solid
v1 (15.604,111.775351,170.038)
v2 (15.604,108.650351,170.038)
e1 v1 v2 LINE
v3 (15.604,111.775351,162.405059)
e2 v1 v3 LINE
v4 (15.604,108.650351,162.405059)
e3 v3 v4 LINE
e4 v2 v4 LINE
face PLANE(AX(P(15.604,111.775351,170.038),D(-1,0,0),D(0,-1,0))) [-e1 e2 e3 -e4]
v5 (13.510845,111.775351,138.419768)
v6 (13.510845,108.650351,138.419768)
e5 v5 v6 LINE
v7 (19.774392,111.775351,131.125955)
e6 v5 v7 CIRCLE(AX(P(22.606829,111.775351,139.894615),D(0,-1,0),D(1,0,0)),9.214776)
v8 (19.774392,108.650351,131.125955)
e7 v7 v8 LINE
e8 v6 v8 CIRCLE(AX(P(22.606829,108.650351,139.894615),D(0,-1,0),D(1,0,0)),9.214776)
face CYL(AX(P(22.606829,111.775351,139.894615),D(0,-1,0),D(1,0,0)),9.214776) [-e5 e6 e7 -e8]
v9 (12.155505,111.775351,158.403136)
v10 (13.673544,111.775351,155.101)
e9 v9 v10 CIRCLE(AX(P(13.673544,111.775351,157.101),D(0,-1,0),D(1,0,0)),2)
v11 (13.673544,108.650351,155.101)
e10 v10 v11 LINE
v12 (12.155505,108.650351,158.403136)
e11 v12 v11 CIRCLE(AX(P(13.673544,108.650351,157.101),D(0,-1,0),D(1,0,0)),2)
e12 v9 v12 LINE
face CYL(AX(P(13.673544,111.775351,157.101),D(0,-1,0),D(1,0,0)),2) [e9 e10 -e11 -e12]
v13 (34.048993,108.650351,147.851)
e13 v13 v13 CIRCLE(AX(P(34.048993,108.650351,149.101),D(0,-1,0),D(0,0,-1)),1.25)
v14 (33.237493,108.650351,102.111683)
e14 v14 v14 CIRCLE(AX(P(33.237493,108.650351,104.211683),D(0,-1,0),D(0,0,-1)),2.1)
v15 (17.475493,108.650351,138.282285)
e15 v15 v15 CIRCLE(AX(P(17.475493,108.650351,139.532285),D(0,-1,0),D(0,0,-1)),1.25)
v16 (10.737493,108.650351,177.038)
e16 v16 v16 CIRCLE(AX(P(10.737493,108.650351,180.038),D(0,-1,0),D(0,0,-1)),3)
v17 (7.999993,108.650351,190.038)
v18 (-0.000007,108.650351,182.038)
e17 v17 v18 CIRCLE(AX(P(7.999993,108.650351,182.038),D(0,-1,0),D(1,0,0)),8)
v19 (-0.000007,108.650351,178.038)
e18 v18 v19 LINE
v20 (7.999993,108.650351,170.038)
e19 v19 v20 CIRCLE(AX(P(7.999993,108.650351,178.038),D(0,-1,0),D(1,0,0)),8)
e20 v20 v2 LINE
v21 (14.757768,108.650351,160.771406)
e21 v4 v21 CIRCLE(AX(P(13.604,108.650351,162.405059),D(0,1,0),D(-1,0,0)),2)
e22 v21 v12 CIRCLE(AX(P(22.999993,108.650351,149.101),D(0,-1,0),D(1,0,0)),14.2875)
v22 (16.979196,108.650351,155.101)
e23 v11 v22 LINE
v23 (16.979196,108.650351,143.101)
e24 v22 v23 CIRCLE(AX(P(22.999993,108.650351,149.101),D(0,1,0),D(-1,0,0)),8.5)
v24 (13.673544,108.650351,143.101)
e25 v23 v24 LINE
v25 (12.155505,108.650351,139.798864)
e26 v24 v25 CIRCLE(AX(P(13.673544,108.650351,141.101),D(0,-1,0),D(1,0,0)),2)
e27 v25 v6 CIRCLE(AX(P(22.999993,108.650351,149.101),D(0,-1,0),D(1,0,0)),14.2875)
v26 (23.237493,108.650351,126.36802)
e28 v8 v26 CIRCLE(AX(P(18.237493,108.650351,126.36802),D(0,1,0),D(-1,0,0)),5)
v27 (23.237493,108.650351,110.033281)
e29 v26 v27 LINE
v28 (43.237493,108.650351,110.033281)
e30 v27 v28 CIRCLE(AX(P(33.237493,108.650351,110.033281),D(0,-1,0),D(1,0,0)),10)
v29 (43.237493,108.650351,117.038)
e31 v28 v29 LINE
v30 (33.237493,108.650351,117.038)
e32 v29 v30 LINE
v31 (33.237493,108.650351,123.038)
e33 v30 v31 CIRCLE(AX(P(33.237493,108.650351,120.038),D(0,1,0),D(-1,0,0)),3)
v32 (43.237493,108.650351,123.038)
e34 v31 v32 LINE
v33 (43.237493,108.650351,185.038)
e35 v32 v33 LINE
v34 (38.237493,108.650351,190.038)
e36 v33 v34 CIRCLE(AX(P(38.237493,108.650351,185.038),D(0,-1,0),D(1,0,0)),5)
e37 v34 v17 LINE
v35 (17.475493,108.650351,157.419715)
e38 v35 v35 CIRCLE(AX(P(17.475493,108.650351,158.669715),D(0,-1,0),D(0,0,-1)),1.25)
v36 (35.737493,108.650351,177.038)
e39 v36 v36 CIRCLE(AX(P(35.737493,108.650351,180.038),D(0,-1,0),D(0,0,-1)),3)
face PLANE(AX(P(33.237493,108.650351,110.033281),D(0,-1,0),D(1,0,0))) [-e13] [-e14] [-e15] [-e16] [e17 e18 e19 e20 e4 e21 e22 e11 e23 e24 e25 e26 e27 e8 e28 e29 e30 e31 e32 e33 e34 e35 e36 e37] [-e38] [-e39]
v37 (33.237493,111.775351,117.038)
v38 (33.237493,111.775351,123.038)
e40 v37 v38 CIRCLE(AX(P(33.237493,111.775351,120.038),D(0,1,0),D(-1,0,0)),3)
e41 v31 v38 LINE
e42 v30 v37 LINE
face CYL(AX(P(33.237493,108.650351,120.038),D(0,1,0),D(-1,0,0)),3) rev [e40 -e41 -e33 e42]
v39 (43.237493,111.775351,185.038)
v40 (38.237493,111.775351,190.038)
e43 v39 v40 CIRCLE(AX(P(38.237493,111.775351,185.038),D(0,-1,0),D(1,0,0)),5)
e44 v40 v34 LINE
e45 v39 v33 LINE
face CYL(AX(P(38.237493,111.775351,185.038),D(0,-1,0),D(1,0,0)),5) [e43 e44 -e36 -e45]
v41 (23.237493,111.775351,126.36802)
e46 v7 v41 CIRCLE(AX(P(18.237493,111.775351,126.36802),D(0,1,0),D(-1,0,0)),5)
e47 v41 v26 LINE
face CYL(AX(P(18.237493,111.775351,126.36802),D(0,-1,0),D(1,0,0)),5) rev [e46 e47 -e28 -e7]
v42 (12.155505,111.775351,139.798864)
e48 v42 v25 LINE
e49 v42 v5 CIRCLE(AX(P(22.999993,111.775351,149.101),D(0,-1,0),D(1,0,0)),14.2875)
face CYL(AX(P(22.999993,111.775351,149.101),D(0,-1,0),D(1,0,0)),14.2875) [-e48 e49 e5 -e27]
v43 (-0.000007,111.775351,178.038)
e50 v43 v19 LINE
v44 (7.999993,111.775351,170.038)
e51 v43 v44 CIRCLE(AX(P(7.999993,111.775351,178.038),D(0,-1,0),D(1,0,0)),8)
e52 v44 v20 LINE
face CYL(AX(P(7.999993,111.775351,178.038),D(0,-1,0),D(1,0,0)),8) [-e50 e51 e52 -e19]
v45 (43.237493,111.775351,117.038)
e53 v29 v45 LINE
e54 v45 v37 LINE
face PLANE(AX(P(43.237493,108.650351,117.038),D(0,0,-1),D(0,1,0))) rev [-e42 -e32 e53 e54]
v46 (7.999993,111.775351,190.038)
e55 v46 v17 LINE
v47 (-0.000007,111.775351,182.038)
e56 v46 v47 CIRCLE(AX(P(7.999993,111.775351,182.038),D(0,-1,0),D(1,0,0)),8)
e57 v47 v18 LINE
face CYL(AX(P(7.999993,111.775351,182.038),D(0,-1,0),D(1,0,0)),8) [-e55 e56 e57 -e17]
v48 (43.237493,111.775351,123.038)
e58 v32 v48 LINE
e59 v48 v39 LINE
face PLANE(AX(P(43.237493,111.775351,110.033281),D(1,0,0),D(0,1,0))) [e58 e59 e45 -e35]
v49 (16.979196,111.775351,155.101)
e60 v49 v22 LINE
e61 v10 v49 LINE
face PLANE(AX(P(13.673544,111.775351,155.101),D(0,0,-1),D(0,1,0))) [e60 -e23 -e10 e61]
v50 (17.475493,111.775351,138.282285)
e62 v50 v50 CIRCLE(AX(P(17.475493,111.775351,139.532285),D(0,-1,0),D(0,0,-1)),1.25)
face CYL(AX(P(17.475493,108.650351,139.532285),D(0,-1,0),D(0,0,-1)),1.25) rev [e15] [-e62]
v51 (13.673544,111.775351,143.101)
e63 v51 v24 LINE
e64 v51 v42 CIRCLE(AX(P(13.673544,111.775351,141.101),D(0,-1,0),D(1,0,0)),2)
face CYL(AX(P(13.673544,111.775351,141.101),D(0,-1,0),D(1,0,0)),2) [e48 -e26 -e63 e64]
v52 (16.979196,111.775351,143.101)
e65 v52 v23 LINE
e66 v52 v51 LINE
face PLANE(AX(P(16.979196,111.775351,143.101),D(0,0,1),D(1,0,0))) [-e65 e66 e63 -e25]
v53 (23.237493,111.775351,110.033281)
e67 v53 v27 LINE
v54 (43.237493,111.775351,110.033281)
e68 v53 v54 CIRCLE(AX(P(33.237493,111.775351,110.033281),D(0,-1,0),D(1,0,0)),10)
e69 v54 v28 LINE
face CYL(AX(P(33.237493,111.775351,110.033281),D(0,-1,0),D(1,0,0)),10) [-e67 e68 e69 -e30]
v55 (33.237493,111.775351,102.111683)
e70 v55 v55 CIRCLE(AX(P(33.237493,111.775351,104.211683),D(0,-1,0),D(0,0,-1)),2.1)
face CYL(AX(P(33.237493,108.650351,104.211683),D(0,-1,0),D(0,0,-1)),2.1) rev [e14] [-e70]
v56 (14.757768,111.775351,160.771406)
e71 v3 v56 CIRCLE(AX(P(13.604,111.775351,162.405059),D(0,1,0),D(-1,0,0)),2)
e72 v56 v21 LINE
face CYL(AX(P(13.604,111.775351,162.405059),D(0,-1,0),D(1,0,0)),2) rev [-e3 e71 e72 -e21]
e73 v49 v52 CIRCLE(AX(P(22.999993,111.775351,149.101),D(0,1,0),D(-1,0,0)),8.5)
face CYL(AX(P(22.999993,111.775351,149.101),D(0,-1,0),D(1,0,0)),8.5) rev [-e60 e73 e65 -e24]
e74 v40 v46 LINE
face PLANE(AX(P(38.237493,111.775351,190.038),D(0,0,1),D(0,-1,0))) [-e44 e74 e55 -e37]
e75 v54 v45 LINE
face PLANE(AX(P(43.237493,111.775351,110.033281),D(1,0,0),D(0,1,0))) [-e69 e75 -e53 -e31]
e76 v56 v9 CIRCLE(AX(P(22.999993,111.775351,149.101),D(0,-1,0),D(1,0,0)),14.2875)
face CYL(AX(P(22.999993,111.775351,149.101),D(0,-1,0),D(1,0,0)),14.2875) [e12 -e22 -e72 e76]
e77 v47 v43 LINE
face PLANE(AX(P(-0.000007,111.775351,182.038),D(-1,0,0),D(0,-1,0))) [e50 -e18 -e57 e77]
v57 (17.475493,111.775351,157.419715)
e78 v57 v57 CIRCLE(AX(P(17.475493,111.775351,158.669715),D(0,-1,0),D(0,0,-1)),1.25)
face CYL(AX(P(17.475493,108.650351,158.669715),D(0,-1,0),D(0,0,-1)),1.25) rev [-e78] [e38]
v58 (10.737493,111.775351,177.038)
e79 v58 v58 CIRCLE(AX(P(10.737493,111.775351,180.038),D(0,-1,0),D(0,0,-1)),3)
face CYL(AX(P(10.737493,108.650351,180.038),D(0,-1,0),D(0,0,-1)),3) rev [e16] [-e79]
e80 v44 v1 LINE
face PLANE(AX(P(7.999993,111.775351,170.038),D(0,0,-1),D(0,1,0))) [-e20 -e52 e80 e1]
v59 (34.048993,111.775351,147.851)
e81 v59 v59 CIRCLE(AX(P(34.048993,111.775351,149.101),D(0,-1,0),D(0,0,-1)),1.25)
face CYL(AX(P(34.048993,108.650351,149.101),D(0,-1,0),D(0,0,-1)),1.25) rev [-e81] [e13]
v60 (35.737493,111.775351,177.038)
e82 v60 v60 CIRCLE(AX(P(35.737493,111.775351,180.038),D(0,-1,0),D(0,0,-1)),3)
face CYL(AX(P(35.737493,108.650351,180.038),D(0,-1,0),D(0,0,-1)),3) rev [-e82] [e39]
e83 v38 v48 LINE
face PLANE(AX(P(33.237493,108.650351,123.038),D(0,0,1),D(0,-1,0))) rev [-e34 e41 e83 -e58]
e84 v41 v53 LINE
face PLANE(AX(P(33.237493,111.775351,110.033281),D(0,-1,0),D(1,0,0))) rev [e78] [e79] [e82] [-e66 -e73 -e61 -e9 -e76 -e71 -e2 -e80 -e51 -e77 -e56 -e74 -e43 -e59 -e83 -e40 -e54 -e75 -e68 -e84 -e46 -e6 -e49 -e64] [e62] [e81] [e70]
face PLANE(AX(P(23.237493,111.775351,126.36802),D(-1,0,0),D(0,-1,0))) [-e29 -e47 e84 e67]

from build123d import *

# Parameters (mm, degrees)
BOSS_EXTRUDE1_DEPTH        = 3.125
CUT_EXTRUDE1_DEPTH         = 195.919695848
F_6_0_6_DIAMETER_HOLE1_D   = 6
F_2_5_2_5_DIAMETER_HOLE1_D = 2.5
F_4_2_4_2_DIAMETER_HOLE1_D = 4.2


with BuildPart() as part:
    # Sketch1 → Boss-Extrude1 (new body)
    with BuildSketch(Plane.XZ.offset(-108.650350882)):
        with BuildLine():
            Line((43.23749287, 110.033281417), (43.23749287, 185.037999923))
            ThreePointArc((43.23749287, 185.037999923), (41.773026776, 188.573533829), (38.23749287, 190.037999923))
            Line((38.23749287, 190.037999923), (7.999992871, 190.037999923))
            ThreePointArc((7.999992871, 190.037999923), (2.343138621, 187.694854172), (-7.129e-06, 182.037999923))
            Line((-7.129e-06, 182.037999923), (-7.129e-06, 178.037999923))
            ThreePointArc((-7.129e-06, 178.037999923), (2.343138621, 172.381145673), (7.999992871, 170.037999923))
            Line((7.999992871, 170.037999923), (15.604000266, 170.037999923))
            Line((15.604000266, 170.037999923), (15.604000266, 162.405058673))
            ThreePointArc((15.604000266, 162.405058673), (15.379885206, 161.485149612), (14.757767585, 160.771406025))
            ThreePointArc((14.757767585, 160.771406025), (13.383453483, 159.667684666), (12.155505046, 158.40313624))
            ThreePointArc((12.155505046, 158.40313624), (11.856365467, 156.265617566), (13.673543586, 155.100999923))
            Line((13.673543586, 155.100999923), (16.979195581, 155.100999923))
            ThreePointArc((16.979195581, 155.100999923), (31.499992871, 149.100999923), (16.979195581, 143.100999923))
            Line((16.979195581, 143.100999923), (13.673543586, 143.100999923))
            ThreePointArc((13.673543586, 143.100999923), (11.856365467, 141.93638228), (12.155505046, 139.798863605))
            ThreePointArc((12.155505046, 139.798863605), (12.809817923, 139.086361098), (13.510844612, 138.419767711))
            ThreePointArc((13.510844612, 138.419767711), (15.615996699, 133.891251825), (19.774392147, 131.125954603))
            ThreePointArc((19.774392147, 131.125954603), (22.280047532, 129.310425898), (23.23749287, 126.368020113))
            Line((23.23749287, 126.368020113), (23.23749287, 110.033281417))
            ThreePointArc((23.23749287, 110.033281417), (33.23749287, 100.033281417), (43.23749287, 110.033281417))
        make_face()
    extrude(amount=-BOSS_EXTRUDE1_DEPTH)

    # Sketch2 → Cut-Extrude1 (cut, through all)
    with BuildSketch(Plane(origin=(0, 111.775350882, 0), x_dir=(-1, 0, 0), z_dir=(0, 1, 0))):
        with BuildLine():
            Line((-43.23749287, 123.037999923), (-43.23749287, 117.037999923))
            Line((-43.23749287, 117.037999923), (-33.23749287, 117.037999923))
            ThreePointArc((-33.23749287, 117.037999923), (-30.23749287, 120.037999923), (-33.23749287, 123.037999923))
            Line((-33.23749287, 123.037999923), (-43.23749287, 123.037999923))
        make_face()
    extrude(amount=-CUT_EXTRUDE1_DEPTH, mode=Mode.SUBTRACT)

    # Ø6.0 (6) Diameter Hole1 (through all)
    with Locations(Plane(origin=(0, 108.650350882, 0), x_dir=(-1, 0, 0), z_dir=(0, -1, 0))):
        with Locations((-10.73749287, -180.037999923), (-35.73749287, -180.037999923)):
            Hole(F_6_0_6_DIAMETER_HOLE1_D / 2)

    # Ø2.5 (2.5) Diameter Hole1 (through all)
    with Locations(Plane(origin=(0, 108.650350882, 0), x_dir=(-1, 0, 0), z_dir=(0, -1, 0))):
        with Locations((-34.048992871, -149.100999923), (-17.475492871, -158.669714609), (-17.475492871, -139.532285236)):
            Hole(F_2_5_2_5_DIAMETER_HOLE1_D / 2)

    # Ø4.2 (4.2) Diameter Hole1 (through all)
    with Locations(Plane(origin=(0, 108.650350882, 0), x_dir=(-1, 0, 0), z_dir=(0, -1, 0))):
        with Locations((-33.23749287, -104.211683364)):
            Hole(F_4_2_4_2_DIAMETER_HOLE1_D / 2)


solid = part.part
